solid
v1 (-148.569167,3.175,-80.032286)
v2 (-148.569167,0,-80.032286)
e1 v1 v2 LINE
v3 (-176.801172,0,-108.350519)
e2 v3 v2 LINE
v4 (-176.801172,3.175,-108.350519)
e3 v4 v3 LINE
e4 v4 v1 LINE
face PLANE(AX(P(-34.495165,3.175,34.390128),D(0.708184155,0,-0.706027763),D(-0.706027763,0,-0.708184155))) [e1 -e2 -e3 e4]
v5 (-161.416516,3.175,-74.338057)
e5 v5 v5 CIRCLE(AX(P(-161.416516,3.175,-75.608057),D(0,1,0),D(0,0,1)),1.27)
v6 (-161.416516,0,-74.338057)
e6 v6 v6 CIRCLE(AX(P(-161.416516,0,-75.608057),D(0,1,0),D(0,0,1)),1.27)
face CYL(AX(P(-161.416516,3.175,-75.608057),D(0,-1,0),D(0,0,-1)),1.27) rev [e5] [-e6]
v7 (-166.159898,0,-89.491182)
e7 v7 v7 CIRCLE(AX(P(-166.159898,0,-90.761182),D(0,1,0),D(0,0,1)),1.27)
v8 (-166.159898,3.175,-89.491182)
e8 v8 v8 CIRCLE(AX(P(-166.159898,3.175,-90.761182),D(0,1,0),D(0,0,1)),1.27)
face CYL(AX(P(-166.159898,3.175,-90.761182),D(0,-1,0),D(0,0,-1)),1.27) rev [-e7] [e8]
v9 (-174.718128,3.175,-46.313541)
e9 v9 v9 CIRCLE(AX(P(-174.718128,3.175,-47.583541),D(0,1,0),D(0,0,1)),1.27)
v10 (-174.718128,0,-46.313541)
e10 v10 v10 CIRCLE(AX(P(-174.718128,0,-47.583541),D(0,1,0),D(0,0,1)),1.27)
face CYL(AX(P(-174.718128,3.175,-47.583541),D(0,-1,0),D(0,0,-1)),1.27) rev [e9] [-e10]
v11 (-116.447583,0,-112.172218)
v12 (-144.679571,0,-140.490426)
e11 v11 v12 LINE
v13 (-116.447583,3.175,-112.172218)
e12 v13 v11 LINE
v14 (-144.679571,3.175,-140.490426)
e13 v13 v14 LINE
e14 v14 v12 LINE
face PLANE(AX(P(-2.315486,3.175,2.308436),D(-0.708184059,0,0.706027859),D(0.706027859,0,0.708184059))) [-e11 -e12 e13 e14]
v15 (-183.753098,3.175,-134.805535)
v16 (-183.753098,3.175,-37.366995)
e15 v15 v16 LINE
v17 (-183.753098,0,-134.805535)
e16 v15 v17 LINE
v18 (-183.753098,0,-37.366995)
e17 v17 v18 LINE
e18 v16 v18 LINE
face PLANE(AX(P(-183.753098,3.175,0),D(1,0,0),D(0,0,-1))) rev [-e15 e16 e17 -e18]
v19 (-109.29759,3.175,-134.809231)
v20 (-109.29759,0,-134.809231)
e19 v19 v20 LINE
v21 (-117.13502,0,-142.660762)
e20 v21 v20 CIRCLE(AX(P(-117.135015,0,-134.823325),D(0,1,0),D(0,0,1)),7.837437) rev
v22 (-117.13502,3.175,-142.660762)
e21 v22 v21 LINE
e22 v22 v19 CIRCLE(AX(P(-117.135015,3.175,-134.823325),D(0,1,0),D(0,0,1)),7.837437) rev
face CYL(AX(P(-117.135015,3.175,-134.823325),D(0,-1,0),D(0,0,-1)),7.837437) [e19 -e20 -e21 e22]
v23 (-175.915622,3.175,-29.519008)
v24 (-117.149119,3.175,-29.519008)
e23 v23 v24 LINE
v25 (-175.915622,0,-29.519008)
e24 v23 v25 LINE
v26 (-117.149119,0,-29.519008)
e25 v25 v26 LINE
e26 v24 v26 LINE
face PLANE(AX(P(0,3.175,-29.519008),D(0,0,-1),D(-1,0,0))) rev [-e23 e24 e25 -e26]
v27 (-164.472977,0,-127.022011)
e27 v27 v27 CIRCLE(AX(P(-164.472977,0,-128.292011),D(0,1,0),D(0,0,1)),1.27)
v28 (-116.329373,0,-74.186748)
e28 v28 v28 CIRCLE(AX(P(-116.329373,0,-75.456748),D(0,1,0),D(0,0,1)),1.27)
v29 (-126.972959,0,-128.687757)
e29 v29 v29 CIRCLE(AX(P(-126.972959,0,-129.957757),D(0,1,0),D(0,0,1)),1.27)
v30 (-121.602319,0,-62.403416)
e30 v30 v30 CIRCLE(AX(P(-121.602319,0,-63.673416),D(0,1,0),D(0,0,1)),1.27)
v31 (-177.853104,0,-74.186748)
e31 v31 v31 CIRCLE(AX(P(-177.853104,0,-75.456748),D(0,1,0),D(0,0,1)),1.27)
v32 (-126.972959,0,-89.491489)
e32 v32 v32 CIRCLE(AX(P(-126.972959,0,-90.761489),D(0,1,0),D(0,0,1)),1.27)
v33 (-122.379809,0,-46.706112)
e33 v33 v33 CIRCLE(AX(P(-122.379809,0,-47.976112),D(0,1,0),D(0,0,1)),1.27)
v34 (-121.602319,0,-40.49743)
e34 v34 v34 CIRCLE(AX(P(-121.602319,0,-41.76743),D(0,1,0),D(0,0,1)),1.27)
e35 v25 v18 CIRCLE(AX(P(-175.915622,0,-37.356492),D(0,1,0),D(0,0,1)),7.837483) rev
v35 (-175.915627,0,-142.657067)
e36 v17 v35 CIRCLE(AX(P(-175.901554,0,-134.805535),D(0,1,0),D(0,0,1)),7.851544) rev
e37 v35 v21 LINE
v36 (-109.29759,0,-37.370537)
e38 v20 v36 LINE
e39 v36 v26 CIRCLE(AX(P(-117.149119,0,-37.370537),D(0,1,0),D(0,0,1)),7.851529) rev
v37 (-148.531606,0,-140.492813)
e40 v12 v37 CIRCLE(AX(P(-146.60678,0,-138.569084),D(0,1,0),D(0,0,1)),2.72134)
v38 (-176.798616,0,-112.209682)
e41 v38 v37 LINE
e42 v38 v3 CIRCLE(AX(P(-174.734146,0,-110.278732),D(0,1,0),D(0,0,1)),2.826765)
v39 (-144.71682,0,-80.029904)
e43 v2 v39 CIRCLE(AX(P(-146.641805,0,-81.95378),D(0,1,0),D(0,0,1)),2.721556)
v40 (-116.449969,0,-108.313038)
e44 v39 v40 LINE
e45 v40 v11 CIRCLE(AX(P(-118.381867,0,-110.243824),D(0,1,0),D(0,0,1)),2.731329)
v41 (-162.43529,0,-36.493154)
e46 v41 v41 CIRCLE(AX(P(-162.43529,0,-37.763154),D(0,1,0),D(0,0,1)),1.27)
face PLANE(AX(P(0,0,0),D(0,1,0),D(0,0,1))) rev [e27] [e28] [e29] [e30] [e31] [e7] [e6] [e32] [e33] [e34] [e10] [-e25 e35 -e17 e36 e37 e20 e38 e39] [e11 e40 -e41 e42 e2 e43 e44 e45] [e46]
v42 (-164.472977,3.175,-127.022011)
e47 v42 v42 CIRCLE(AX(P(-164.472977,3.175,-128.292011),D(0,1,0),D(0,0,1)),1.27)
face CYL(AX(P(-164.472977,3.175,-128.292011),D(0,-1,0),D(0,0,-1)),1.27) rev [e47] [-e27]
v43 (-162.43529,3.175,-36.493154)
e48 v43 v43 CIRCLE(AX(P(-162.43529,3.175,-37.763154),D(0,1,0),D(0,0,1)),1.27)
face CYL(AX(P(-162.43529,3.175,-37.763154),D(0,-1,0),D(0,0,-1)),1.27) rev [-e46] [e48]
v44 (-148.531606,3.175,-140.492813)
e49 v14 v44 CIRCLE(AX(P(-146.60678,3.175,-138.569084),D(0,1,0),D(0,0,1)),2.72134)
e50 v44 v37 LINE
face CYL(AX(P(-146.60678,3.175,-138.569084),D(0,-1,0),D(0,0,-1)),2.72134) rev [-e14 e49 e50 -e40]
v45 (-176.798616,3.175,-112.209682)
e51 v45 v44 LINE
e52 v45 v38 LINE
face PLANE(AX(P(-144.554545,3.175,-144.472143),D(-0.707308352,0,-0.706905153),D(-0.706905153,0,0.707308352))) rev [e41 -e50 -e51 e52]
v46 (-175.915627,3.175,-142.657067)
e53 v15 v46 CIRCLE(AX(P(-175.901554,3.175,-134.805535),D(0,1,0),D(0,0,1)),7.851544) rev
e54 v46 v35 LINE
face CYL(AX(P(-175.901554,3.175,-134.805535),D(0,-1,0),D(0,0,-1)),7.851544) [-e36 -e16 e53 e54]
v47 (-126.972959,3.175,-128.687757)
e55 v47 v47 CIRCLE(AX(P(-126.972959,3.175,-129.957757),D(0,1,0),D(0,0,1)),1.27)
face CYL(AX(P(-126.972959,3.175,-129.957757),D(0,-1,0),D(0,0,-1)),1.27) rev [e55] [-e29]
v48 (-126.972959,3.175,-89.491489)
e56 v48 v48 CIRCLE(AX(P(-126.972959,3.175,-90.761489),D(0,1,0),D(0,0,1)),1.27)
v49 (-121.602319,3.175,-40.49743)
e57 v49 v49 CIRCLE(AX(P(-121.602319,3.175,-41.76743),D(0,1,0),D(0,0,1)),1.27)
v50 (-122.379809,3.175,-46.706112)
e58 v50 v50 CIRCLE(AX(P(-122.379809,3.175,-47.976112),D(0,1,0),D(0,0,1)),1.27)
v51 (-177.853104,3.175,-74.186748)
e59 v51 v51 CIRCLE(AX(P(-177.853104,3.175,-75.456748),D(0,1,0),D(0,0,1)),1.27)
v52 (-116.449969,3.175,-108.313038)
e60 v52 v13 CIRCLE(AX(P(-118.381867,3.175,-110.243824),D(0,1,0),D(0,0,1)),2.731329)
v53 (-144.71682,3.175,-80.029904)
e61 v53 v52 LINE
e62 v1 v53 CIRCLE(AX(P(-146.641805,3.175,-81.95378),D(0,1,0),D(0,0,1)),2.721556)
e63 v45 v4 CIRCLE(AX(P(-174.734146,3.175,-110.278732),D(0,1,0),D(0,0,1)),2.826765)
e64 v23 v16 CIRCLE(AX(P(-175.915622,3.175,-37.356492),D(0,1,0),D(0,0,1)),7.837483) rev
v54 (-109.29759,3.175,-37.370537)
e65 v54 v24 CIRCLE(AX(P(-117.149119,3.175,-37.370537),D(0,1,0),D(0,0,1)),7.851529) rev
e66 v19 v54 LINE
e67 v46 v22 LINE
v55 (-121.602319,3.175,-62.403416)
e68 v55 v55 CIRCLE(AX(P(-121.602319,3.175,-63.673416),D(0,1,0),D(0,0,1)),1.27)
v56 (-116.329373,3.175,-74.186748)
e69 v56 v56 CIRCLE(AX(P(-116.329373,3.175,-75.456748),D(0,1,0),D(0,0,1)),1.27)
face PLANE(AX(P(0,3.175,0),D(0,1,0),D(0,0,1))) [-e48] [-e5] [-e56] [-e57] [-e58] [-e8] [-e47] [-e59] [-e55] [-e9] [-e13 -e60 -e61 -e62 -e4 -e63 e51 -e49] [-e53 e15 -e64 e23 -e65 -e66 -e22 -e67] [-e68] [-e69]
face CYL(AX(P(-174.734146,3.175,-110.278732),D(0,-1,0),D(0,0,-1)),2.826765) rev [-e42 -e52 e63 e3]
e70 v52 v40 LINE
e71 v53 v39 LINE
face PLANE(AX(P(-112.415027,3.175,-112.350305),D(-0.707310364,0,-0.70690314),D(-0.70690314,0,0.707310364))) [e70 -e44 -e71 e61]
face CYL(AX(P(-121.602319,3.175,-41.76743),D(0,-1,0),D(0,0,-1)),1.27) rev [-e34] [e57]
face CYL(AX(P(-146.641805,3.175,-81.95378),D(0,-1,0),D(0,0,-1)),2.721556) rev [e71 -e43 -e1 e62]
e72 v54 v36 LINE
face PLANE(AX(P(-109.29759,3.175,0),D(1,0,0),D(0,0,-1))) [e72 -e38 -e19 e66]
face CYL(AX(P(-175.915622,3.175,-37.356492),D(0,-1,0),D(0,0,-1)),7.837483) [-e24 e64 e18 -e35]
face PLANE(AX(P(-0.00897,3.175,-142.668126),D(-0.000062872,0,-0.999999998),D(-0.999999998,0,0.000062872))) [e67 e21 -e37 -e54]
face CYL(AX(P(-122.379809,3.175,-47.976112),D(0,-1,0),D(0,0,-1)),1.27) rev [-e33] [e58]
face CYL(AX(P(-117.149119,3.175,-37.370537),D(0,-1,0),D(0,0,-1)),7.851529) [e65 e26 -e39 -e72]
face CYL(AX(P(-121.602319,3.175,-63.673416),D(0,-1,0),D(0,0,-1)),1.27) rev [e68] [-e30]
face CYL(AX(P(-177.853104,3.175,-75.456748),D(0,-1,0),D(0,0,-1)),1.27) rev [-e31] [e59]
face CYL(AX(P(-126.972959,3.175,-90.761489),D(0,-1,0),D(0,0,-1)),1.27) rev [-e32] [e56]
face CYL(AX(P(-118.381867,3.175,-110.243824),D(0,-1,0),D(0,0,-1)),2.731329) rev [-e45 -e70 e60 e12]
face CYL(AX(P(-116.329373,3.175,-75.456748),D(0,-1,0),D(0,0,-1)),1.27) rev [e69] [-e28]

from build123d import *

# Parameters (mm, degrees)
SKETCH1_R           = 1.27
BOSS_EXTRUDE2_DEPTH = 3.175


with BuildPart() as part:
    # Sketch1 → Boss-Extrude2 (new body)
    with BuildSketch(Plane(origin=(0, 0, 0), x_dir=(1, 0, 0), z_dir=(0, 1, 0))):
        with BuildLine():
            ThreePointArc((-175.915621646, 29.519008442), (-181.461271413, 31.81826883), (-183.753097882, 37.366994908))
            Line((-183.753097882, 37.366994908), (-183.753097882, 134.805535228))
            ThreePointArc((-183.753097882, 134.805535228), (-181.458407426, 140.352437247), (-175.91562747, 142.657066645))
            Line((-175.91562747, 142.657066645), (-117.135020463, 142.660762281))
            ThreePointArc((-117.135020463, 142.660762281), (-111.588130828, 140.360246871), (-109.29759004, 134.809230866))
            Line((-109.29759004, 134.809230866), (-109.29759004, 37.37053719))
            ThreePointArc((-109.29759004, 37.37053719), (-111.597249567, 31.81866797), (-117.149118786, 29.519008442))
            Line((-117.149118786, 29.519008442), (-175.915621646, 29.519008442))
        make_face()
        with Locations(Location((-126.972959073, 129.95775743, 0), (0, 0, 270))):
            Circle(SKETCH1_R, mode=Mode.SUBTRACT)
        with Locations(Location((-164.472977249, 128.29201107, 0), (0, 0, 270))):
            Circle(SKETCH1_R, mode=Mode.SUBTRACT)
        with Locations(Location((-166.159897821, 90.761182378, 0), (0, 0, 270))):
            Circle(SKETCH1_R, mode=Mode.SUBTRACT)
        with Locations(Location((-126.972959075, 90.761489089, 0), (0, 0, 270))):
            Circle(SKETCH1_R, mode=Mode.SUBTRACT)
        with Locations(Location((-116.329373394, 75.456747577, 0), (0, 0, 270))):
            Circle(SKETCH1_R, mode=Mode.SUBTRACT)
        with Locations(Location((-121.602318573, 63.673415864, 0), (0, 0, 270))):
            Circle(SKETCH1_R, mode=Mode.SUBTRACT)
        with Locations(Location((-161.416515799, 75.608057078, 0), (0, 0, 270))):
            Circle(SKETCH1_R, mode=Mode.SUBTRACT)
        with Locations(Location((-177.85310358, 75.456747579, 0), (0, 0, 270))):
            Circle(SKETCH1_R, mode=Mode.SUBTRACT)
        with Locations(Location((-174.718127663, 47.58354115, 0), (0, 0, 270))):
            Circle(SKETCH1_R, mode=Mode.SUBTRACT)
        with Locations(Location((-122.379809257, 47.976111584, 0), (0, 0, 270))):
            Circle(SKETCH1_R, mode=Mode.SUBTRACT)
        with Locations(Location((-121.602318574, 41.767430359, 0), (0, 0, 270))):
            Circle(SKETCH1_R, mode=Mode.SUBTRACT)
        with Locations(Location((-162.435290361, 37.763153633, 0), (0, 0, 270))):
            Circle(SKETCH1_R, mode=Mode.SUBTRACT)
        with BuildLine():
            ThreePointArc((-144.679570761, 140.490425994), (-146.605093484, 141.290423511), (-148.531606371, 140.492813408))
            Line((-148.531606371, 140.492813408), (-176.798615575, 112.209681509))
            ThreePointArc((-176.798615575, 112.209681509), (-177.56091066, 110.280604208), (-176.801172002, 108.350518665))
            Line((-176.801172002, 108.350518665), (-148.569167296, 80.0322861))
            ThreePointArc((-148.569167296, 80.0322861), (-146.643487849, 79.232224846), (-144.71682032, 80.029903714))
            Line((-144.71682032, 80.029903714), (-116.449969407, 108.313038257))
            ThreePointArc((-116.449969407, 108.313038257), (-115.650538135, 110.242134618), (-116.447583058, 112.172218171))
            Line((-116.447583058, 112.172218171), (-144.679570761, 140.490425994))
        make_face(mode=Mode.SUBTRACT)
    extrude(amount=BOSS_EXTRUDE2_DEPTH)


solid = part.part
